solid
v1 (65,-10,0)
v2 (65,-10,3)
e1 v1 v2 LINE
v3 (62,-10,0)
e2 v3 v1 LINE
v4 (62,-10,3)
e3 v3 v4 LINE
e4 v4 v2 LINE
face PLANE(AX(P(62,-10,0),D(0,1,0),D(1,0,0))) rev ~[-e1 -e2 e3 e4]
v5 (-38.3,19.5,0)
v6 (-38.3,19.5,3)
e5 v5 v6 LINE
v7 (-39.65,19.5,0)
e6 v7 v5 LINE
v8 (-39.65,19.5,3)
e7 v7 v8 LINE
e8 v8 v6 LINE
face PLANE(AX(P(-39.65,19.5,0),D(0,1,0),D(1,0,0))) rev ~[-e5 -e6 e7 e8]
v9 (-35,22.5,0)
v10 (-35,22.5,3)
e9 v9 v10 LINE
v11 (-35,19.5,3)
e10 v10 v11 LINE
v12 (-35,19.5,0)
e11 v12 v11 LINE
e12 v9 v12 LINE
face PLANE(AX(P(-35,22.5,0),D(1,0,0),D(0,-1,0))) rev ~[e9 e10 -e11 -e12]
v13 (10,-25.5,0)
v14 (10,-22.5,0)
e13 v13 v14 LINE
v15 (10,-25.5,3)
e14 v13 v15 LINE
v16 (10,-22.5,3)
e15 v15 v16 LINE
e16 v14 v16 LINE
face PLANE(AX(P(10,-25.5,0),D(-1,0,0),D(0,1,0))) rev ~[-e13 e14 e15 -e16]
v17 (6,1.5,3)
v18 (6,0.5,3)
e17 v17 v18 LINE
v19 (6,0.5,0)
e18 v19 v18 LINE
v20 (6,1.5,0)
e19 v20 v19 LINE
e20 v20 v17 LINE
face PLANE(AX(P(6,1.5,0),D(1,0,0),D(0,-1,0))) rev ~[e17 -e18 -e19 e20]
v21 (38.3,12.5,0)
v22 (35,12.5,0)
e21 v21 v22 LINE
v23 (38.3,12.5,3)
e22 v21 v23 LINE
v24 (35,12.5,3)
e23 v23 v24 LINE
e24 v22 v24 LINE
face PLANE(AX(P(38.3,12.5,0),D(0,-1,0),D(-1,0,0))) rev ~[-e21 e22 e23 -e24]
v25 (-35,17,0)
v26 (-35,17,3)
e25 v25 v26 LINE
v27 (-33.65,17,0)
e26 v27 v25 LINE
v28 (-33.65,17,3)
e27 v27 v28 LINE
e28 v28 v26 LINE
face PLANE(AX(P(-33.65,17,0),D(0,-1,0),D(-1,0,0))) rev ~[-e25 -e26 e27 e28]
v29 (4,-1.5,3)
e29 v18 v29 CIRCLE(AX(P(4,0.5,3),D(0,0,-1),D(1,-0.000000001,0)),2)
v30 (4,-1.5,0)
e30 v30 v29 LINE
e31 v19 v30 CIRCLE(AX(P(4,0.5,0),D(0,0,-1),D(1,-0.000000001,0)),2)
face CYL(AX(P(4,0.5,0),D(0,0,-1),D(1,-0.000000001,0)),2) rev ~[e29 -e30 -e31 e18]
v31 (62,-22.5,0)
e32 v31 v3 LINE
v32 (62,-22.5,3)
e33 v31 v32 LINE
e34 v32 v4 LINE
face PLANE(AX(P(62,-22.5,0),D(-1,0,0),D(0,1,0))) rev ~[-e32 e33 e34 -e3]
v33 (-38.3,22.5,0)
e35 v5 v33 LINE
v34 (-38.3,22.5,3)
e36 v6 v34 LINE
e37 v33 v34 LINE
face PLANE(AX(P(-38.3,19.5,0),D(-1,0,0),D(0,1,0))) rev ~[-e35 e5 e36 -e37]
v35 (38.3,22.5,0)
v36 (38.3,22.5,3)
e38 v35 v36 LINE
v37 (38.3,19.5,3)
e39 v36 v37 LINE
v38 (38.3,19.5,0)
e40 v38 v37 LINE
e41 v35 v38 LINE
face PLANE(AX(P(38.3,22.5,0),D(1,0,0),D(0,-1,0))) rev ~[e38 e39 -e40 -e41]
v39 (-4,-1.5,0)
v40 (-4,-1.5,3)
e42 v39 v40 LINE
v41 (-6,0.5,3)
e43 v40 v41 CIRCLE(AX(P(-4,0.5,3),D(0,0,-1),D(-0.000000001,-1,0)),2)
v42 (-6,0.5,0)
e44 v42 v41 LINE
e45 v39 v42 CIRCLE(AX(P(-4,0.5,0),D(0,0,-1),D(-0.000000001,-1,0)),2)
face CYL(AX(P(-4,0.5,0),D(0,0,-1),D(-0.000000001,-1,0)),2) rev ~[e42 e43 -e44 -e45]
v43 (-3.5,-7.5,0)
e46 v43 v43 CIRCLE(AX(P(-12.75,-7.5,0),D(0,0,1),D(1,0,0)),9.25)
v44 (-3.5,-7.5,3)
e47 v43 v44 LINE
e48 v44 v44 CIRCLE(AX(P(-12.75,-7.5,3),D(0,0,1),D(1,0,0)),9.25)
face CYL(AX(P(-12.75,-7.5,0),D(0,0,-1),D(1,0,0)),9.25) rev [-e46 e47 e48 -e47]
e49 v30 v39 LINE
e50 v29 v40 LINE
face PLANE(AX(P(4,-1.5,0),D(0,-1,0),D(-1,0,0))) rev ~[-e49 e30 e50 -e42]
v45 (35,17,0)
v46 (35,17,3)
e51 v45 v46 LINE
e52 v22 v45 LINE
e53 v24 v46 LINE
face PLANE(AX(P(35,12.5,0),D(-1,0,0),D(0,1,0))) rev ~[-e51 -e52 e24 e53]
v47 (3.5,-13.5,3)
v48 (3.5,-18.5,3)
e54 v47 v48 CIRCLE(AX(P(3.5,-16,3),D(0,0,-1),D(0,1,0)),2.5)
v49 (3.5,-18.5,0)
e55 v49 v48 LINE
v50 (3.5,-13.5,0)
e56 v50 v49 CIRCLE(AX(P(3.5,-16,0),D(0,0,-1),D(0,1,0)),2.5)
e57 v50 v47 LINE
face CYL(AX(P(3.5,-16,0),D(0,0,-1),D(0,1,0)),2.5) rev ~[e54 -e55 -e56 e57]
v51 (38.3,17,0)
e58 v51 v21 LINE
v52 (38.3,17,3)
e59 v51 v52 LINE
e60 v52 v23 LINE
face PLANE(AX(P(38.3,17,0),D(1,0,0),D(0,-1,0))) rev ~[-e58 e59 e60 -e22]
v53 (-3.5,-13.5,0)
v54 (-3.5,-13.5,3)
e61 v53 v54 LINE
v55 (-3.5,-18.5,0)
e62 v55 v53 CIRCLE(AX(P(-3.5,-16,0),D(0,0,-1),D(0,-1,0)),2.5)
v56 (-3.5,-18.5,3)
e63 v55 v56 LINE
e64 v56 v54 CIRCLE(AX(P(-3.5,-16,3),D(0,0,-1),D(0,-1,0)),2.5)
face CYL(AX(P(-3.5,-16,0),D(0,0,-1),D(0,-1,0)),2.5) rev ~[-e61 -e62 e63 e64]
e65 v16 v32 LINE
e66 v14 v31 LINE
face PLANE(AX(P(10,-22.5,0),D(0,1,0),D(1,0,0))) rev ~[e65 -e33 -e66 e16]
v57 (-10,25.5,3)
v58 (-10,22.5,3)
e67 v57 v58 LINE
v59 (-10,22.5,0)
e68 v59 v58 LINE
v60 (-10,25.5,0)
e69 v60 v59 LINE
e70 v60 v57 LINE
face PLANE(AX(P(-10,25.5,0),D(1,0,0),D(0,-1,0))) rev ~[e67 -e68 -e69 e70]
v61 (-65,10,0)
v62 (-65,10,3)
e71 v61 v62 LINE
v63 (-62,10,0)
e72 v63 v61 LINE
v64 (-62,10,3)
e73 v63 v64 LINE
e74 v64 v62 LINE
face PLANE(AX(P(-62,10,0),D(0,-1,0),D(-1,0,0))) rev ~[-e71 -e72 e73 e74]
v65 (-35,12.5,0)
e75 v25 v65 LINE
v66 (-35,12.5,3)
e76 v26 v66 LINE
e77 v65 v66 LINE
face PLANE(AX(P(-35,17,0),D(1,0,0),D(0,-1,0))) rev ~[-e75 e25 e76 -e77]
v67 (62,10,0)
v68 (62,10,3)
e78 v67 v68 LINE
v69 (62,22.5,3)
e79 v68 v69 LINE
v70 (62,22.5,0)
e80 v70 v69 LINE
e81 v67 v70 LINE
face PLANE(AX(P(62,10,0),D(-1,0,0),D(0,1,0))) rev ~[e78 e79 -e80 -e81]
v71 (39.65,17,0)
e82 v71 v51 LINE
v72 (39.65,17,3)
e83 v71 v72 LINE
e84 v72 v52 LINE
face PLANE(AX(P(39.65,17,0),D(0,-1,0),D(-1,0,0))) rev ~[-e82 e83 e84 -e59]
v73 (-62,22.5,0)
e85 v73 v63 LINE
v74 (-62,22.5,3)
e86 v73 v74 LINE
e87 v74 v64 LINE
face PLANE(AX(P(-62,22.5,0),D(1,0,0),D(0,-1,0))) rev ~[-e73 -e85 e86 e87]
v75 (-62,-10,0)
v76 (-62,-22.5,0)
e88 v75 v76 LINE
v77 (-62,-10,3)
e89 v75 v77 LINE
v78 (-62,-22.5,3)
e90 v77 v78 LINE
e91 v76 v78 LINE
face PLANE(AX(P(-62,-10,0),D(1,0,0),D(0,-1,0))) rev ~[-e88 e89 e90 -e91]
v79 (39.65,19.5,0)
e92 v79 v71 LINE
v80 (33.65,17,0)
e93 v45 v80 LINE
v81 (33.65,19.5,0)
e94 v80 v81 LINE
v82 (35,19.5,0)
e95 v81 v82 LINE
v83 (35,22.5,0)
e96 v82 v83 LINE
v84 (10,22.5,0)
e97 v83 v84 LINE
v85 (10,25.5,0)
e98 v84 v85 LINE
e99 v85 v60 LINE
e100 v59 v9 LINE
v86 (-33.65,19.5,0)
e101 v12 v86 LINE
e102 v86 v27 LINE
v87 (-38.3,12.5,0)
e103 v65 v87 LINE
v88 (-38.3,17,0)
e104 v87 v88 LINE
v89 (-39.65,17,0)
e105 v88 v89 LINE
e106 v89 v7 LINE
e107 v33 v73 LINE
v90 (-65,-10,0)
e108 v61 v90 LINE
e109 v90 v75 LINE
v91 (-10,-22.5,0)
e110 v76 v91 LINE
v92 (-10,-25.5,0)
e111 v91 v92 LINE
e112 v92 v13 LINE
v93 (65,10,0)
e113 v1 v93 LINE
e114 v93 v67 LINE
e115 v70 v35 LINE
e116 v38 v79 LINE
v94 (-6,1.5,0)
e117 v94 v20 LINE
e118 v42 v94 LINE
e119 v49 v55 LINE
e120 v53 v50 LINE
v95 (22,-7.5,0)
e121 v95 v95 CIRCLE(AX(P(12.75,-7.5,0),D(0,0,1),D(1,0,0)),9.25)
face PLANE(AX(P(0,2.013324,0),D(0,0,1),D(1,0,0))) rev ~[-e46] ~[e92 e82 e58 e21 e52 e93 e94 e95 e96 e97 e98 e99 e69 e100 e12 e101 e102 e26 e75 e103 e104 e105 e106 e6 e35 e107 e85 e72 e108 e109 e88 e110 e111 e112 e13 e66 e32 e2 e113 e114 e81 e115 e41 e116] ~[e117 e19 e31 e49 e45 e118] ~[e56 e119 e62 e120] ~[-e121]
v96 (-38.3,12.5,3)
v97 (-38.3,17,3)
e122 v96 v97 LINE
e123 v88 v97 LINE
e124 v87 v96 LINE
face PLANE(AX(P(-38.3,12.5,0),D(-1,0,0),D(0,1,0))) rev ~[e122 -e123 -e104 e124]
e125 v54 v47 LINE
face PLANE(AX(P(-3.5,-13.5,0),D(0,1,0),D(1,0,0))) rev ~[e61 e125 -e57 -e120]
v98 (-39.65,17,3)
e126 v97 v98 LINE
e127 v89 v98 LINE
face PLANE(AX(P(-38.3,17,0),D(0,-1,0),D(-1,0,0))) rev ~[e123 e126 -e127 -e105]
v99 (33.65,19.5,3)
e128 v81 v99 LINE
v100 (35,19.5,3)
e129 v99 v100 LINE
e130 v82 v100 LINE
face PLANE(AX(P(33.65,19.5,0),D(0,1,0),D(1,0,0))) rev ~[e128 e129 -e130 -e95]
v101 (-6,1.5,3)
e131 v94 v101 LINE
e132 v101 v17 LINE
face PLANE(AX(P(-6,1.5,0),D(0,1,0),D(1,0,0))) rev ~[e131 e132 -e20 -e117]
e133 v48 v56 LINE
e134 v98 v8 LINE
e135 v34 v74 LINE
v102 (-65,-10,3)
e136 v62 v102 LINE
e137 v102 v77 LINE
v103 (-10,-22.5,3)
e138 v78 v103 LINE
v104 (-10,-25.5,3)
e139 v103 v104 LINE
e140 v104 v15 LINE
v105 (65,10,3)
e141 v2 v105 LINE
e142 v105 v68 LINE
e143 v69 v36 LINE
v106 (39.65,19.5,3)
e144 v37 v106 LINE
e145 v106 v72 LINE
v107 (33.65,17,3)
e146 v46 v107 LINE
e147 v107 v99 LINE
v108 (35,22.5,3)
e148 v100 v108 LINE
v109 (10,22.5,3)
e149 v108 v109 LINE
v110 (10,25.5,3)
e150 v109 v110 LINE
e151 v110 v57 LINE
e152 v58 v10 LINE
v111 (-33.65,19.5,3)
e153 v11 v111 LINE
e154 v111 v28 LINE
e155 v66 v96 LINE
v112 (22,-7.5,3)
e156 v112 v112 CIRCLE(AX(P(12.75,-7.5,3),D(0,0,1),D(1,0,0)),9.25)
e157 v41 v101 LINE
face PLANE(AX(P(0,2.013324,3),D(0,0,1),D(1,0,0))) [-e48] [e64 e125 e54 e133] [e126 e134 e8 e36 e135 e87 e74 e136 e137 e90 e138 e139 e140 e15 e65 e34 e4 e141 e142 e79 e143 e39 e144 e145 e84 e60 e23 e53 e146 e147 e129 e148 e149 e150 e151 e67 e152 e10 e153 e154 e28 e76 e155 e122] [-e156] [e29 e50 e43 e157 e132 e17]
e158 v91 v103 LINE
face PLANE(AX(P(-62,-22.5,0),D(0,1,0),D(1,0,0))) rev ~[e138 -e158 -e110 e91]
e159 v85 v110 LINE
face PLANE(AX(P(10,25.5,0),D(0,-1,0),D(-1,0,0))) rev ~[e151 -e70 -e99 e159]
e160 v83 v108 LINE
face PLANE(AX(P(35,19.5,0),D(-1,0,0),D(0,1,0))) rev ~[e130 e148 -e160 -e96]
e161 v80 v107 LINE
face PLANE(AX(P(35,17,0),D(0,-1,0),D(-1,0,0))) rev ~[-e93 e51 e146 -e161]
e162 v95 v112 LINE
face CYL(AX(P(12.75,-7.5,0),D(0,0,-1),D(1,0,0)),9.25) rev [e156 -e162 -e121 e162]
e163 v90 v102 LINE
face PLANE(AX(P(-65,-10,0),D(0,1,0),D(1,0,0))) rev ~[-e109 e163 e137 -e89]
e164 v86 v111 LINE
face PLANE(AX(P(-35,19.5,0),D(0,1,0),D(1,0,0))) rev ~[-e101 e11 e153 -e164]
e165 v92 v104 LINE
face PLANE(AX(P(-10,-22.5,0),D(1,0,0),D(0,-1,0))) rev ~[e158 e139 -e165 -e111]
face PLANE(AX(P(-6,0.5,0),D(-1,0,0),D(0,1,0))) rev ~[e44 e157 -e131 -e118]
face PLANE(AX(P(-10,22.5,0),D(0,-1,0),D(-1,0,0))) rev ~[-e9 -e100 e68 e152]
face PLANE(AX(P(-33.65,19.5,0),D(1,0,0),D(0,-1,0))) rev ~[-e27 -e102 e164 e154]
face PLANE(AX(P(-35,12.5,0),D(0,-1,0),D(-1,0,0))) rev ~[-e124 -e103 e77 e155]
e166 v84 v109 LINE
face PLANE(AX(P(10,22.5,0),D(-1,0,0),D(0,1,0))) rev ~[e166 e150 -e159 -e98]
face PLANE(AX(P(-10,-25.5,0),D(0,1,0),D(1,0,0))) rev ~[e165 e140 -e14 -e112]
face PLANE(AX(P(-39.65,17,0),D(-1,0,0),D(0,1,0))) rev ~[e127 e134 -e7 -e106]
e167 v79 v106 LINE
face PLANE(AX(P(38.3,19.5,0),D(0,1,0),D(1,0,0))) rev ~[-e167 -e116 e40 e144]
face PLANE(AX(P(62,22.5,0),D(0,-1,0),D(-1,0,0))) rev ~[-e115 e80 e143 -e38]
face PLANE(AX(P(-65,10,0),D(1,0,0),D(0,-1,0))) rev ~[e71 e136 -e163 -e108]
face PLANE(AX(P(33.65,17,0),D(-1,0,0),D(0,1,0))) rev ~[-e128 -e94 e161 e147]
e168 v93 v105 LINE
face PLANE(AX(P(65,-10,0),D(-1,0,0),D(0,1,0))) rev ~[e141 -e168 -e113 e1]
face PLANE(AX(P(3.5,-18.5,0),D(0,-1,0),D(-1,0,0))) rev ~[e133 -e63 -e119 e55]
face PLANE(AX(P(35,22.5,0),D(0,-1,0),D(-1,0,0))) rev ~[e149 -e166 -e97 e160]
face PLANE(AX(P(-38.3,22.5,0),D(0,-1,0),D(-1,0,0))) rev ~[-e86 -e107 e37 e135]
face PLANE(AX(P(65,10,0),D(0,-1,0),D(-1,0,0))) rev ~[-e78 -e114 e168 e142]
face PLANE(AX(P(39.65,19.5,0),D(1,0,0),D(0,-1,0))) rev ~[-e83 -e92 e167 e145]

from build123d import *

# Parameters (mm, degrees)
SKETCH1_R           = 9.25
BOSS_EXTRUDE1_DEPTH = 3


with BuildPart() as part:
    # Sketch1 → Boss-Extrude1 (new body)
    with BuildSketch(Plane.XY):
        Polygon((10, -22.5), (62, -22.5), (62, -10), (65, -10), (65, 10), (62, 10), (62, 22.5), (38.3, 22.5), (38.3, 19.5), (39.65, 19.5), (39.65, 17), (38.3, 17), (38.3, 12.5), (35, 12.5), (35, 17), (33.65, 17), (33.65, 19.5), (35, 19.5), (35, 22.5), (10, 22.5), (10, 25.5), (-10, 25.5), (-10, 22.5), (-35, 22.5), (-35, 19.5), (-33.65, 19.5), (-33.65, 17), (-35, 17), (-35, 12.5), (-38.3, 12.5), (-38.3, 17), (-39.65, 17), (-39.65, 19.5), (-38.3, 19.5), (-38.3, 22.5), (-62, 22.5), (-62, 10), (-65, 10), (-65, -10), (-62, -10), (-62, -22.5), (-10, -22.5), (-10, -25.5), (10, -25.5), align=None)
        with Locations((-12.75, -7.5)):
            Circle(SKETCH1_R, mode=Mode.SUBTRACT)
        with BuildLine():
            ThreePointArc((-3.5, -18.5), (-6, -16), (-3.5, -13.5))
            Line((-3.5, -13.5), (3.5, -13.5))
            ThreePointArc((3.5, -13.5), (6, -16), (3.5, -18.5))
            Line((3.5, -18.5), (-3.5, -18.5))
        make_face(mode=Mode.SUBTRACT)
        with Locations((12.75, -7.5)):
            Circle(SKETCH1_R, mode=Mode.SUBTRACT)
        with BuildLine():
            ThreePointArc((6, 0.5), (5.414213562, -0.914213562), (4, -1.5))
            Line((4, -1.5), (-4, -1.5))
            ThreePointArc((-4, -1.5), (-5.414213562, -0.914213562), (-6, 0.5))
            Line((-6, 0.5), (-6, 1.5))
            Line((-6, 1.5), (6, 1.5))
            Line((6, 1.5), (6, 0.5))
        make_face(mode=Mode.SUBTRACT)
    extrude(amount=BOSS_EXTRUDE1_DEPTH)


solid = part.part
